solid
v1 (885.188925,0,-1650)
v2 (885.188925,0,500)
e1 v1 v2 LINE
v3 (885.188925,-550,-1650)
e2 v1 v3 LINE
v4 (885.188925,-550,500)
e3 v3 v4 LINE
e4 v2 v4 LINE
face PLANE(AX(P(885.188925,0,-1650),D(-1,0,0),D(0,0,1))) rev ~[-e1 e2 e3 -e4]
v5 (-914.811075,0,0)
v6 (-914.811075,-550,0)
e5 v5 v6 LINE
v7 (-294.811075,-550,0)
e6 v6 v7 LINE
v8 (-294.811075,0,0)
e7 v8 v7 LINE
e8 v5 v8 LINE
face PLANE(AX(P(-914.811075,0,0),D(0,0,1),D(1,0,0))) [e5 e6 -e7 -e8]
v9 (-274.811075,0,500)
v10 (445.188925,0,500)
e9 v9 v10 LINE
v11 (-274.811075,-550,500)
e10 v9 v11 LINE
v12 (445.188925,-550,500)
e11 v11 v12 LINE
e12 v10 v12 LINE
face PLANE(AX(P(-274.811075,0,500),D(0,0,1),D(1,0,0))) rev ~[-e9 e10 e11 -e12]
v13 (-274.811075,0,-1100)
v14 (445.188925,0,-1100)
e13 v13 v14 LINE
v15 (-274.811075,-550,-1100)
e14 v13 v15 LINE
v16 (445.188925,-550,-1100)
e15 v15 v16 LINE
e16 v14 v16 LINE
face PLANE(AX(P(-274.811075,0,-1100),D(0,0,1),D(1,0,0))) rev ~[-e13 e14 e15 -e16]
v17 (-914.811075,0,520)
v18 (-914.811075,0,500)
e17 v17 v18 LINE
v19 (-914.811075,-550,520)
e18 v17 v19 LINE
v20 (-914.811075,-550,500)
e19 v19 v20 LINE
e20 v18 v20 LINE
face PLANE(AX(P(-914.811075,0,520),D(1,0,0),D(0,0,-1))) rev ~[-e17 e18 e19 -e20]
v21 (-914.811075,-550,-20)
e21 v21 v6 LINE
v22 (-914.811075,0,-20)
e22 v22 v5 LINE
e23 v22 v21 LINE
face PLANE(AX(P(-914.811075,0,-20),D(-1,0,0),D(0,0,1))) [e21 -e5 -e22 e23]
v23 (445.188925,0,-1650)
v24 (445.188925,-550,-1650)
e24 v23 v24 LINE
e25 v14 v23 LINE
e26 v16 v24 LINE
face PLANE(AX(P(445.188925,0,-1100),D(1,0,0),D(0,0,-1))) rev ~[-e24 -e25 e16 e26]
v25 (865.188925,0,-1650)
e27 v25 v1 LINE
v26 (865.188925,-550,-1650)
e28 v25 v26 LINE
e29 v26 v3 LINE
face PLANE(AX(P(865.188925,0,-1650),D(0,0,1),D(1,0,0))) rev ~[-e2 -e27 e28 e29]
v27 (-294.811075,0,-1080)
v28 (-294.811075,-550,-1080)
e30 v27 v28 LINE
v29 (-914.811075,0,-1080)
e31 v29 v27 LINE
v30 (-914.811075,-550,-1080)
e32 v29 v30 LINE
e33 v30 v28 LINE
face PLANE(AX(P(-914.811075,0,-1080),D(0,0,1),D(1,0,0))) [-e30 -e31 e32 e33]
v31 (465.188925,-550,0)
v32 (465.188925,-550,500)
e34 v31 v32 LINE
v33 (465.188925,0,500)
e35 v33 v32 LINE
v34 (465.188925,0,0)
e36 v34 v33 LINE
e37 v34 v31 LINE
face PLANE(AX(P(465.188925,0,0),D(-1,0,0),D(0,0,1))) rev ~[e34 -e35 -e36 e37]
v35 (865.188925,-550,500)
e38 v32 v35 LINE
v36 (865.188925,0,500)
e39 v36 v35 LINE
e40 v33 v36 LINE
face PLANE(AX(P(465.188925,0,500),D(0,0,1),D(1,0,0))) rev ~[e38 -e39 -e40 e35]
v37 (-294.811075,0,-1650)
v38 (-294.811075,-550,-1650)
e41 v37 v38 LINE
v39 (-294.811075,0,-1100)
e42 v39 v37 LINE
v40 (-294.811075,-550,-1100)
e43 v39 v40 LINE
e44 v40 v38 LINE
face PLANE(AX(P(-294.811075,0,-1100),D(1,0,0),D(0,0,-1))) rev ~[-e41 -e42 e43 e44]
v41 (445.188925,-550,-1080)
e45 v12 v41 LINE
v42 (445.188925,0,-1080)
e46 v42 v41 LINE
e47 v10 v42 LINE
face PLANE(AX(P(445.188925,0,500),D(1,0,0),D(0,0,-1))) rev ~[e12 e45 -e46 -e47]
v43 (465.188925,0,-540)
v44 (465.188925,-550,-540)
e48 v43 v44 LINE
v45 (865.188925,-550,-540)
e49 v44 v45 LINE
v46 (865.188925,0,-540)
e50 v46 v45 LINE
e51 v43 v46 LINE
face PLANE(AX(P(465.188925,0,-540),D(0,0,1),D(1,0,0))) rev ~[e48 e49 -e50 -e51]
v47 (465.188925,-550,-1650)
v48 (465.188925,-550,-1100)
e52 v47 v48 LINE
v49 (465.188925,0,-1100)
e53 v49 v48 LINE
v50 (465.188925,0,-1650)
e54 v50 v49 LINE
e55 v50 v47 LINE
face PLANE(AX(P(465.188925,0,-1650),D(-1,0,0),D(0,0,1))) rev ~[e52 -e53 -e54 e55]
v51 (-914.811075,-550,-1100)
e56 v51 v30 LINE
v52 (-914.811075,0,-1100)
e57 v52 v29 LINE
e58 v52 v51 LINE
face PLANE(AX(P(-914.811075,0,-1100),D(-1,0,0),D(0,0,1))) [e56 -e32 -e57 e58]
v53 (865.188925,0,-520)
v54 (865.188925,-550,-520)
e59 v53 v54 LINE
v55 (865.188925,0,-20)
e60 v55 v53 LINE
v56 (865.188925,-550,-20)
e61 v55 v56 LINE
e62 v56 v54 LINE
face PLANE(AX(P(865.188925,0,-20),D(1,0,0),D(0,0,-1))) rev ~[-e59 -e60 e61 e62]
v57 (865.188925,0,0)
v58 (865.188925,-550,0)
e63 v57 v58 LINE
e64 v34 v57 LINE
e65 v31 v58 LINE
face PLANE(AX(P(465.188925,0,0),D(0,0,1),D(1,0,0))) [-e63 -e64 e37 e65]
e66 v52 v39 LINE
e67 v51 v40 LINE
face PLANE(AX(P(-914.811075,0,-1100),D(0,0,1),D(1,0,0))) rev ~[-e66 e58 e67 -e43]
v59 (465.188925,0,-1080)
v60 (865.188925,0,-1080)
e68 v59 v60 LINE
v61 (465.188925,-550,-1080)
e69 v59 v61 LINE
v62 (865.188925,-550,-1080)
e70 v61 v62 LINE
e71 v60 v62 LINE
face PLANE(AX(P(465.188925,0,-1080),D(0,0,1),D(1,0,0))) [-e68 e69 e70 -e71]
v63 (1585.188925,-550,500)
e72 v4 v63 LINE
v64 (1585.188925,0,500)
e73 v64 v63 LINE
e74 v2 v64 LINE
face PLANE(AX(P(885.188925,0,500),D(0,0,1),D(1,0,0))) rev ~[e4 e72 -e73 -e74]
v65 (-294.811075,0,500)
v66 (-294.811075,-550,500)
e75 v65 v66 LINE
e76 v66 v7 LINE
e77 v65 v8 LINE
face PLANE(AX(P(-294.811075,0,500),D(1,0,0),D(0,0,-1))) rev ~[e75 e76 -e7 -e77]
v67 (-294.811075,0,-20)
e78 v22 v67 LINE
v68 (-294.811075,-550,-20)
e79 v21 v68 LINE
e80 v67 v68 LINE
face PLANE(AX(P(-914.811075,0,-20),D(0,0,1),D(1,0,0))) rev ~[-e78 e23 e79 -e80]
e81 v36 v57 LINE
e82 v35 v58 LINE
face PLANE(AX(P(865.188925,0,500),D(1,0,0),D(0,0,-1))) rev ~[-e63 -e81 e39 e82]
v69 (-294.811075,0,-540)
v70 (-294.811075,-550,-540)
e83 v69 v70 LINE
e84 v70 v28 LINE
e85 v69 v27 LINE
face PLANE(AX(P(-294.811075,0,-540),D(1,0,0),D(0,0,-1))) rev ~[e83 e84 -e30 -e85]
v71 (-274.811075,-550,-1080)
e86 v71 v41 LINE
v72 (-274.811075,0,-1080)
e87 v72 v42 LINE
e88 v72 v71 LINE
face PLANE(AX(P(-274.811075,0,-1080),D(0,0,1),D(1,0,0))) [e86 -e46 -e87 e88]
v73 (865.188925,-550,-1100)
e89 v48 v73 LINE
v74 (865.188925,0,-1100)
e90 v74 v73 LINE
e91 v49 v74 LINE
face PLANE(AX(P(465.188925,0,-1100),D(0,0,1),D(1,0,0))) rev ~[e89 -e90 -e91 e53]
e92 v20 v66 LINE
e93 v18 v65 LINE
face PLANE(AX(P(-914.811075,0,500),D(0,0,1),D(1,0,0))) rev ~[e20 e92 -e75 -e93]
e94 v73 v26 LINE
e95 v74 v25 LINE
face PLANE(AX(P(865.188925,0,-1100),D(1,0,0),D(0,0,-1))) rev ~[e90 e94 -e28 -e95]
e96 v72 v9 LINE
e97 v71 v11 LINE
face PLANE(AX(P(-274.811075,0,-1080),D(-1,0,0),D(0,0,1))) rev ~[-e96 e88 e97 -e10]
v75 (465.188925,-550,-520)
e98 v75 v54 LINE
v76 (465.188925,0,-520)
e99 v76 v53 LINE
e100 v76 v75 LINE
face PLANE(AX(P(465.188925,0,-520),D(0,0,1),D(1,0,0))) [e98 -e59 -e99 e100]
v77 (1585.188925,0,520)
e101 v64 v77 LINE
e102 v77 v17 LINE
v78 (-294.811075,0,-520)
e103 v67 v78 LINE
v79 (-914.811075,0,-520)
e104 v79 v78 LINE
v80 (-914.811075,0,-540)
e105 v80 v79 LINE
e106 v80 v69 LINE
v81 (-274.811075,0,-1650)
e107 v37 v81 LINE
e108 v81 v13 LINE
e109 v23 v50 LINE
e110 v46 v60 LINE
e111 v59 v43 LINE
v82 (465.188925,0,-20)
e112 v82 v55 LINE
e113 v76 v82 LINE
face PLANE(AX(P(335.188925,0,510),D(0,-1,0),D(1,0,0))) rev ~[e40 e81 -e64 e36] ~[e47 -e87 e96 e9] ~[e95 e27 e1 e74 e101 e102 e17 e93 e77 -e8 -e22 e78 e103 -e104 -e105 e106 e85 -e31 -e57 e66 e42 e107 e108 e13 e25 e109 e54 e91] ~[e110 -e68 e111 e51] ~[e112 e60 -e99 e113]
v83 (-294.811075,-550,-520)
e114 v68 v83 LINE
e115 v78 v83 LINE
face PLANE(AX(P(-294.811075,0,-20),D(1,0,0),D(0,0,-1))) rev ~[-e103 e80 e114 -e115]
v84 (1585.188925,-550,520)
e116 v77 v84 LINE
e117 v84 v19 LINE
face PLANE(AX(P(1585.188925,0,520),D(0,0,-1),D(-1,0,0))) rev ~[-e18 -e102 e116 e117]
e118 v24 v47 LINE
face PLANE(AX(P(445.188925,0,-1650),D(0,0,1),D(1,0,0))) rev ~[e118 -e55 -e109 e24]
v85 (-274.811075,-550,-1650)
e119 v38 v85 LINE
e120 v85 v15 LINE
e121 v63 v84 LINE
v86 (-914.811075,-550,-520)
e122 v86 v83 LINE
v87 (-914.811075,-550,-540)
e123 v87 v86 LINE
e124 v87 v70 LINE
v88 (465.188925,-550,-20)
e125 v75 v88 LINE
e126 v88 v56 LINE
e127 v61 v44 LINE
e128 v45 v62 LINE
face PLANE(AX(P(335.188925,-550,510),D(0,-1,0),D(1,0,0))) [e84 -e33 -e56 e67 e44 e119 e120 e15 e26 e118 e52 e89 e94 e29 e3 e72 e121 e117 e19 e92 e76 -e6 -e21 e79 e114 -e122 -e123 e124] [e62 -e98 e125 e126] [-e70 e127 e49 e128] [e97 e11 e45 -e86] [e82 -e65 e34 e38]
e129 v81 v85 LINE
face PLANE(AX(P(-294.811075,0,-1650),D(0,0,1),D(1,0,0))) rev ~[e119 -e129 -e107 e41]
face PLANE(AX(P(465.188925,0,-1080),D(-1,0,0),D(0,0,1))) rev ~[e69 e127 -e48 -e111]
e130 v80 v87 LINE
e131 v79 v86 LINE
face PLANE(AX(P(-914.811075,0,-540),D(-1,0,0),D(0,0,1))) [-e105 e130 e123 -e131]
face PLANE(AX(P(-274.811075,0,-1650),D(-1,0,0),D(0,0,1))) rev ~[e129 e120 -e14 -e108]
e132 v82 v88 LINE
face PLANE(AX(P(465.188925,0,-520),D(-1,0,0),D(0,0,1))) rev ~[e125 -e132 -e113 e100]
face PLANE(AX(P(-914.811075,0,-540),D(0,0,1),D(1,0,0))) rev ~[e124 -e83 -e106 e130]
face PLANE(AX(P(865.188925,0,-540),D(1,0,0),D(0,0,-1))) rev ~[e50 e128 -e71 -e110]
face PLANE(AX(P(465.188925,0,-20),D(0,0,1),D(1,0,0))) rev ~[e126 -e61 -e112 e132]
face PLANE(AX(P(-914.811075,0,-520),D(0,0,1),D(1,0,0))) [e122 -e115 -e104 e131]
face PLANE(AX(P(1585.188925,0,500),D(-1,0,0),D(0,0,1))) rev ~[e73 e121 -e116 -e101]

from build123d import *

# Parameters (mm, degrees)
F0_W     = 620
F0_H     = 20
F0_W_2   = 720
F0_W_3   = 400
F1_DEPTH = 550


with BuildPart() as f1:
    # F0 (on Front) → F1 (new body)
    with BuildSketch(Plane.XZ):
        Polygon((1585.188925, 520), (-914.811075, 520), (-914.811075, 500), (-294.811075, 500), (-274.811075, 500), (445.188925, 500), (465.188925, 500), (865.188925, 500), (885.188925, 500), (1585.188925, 500), align=None)
        Polygon((-274.811075, 500), (-294.811075, 500), (-294.811075, 0), (-294.811075, -20), (-294.811075, -520), (-294.811075, -540), (-294.811075, -1080), (-294.811075, -1100), (-294.811075, -1650), (-274.811075, -1650), (-274.811075, -1100), (-274.811075, -1080), align=None)
        Polygon((885.188925, -1650), (885.188925, 500), (865.188925, 500), (865.188925, 0), (865.188925, -20), (865.188925, -520), (865.188925, -540), (865.188925, -1080), (865.188925, -1100), (865.188925, -1650), align=None)
        with Locations((-604.811075, -10)):
            Rectangle(F0_W, F0_H)
        Polygon((465.188925, 500), (445.188925, 500), (445.188925, -1080), (445.188925, -1100), (445.188925, -1650), (465.188925, -1650), (465.188925, -1100), (465.188925, -1080), (465.188925, -540), (465.188925, -520), (465.188925, -20), (465.188925, 0), align=None)
        with Locations((85.188925, -1090)):
            Rectangle(F0_W_2, F0_H)
        with Locations((-604.811075, -530)):
            Rectangle(F0_W, F0_H)
        with Locations((665.188925, -1090)):
            Rectangle(F0_W_3, F0_H)
        with Locations((-604.811075, -1090)):
            Rectangle(F0_W, F0_H)
        with Locations((665.188925, -10)):
            Rectangle(F0_W_3, F0_H)
        with Locations((665.188925, -530)):
            Rectangle(F0_W_3, F0_H)
    extrude(amount=F1_DEPTH)


solid = f1.part
